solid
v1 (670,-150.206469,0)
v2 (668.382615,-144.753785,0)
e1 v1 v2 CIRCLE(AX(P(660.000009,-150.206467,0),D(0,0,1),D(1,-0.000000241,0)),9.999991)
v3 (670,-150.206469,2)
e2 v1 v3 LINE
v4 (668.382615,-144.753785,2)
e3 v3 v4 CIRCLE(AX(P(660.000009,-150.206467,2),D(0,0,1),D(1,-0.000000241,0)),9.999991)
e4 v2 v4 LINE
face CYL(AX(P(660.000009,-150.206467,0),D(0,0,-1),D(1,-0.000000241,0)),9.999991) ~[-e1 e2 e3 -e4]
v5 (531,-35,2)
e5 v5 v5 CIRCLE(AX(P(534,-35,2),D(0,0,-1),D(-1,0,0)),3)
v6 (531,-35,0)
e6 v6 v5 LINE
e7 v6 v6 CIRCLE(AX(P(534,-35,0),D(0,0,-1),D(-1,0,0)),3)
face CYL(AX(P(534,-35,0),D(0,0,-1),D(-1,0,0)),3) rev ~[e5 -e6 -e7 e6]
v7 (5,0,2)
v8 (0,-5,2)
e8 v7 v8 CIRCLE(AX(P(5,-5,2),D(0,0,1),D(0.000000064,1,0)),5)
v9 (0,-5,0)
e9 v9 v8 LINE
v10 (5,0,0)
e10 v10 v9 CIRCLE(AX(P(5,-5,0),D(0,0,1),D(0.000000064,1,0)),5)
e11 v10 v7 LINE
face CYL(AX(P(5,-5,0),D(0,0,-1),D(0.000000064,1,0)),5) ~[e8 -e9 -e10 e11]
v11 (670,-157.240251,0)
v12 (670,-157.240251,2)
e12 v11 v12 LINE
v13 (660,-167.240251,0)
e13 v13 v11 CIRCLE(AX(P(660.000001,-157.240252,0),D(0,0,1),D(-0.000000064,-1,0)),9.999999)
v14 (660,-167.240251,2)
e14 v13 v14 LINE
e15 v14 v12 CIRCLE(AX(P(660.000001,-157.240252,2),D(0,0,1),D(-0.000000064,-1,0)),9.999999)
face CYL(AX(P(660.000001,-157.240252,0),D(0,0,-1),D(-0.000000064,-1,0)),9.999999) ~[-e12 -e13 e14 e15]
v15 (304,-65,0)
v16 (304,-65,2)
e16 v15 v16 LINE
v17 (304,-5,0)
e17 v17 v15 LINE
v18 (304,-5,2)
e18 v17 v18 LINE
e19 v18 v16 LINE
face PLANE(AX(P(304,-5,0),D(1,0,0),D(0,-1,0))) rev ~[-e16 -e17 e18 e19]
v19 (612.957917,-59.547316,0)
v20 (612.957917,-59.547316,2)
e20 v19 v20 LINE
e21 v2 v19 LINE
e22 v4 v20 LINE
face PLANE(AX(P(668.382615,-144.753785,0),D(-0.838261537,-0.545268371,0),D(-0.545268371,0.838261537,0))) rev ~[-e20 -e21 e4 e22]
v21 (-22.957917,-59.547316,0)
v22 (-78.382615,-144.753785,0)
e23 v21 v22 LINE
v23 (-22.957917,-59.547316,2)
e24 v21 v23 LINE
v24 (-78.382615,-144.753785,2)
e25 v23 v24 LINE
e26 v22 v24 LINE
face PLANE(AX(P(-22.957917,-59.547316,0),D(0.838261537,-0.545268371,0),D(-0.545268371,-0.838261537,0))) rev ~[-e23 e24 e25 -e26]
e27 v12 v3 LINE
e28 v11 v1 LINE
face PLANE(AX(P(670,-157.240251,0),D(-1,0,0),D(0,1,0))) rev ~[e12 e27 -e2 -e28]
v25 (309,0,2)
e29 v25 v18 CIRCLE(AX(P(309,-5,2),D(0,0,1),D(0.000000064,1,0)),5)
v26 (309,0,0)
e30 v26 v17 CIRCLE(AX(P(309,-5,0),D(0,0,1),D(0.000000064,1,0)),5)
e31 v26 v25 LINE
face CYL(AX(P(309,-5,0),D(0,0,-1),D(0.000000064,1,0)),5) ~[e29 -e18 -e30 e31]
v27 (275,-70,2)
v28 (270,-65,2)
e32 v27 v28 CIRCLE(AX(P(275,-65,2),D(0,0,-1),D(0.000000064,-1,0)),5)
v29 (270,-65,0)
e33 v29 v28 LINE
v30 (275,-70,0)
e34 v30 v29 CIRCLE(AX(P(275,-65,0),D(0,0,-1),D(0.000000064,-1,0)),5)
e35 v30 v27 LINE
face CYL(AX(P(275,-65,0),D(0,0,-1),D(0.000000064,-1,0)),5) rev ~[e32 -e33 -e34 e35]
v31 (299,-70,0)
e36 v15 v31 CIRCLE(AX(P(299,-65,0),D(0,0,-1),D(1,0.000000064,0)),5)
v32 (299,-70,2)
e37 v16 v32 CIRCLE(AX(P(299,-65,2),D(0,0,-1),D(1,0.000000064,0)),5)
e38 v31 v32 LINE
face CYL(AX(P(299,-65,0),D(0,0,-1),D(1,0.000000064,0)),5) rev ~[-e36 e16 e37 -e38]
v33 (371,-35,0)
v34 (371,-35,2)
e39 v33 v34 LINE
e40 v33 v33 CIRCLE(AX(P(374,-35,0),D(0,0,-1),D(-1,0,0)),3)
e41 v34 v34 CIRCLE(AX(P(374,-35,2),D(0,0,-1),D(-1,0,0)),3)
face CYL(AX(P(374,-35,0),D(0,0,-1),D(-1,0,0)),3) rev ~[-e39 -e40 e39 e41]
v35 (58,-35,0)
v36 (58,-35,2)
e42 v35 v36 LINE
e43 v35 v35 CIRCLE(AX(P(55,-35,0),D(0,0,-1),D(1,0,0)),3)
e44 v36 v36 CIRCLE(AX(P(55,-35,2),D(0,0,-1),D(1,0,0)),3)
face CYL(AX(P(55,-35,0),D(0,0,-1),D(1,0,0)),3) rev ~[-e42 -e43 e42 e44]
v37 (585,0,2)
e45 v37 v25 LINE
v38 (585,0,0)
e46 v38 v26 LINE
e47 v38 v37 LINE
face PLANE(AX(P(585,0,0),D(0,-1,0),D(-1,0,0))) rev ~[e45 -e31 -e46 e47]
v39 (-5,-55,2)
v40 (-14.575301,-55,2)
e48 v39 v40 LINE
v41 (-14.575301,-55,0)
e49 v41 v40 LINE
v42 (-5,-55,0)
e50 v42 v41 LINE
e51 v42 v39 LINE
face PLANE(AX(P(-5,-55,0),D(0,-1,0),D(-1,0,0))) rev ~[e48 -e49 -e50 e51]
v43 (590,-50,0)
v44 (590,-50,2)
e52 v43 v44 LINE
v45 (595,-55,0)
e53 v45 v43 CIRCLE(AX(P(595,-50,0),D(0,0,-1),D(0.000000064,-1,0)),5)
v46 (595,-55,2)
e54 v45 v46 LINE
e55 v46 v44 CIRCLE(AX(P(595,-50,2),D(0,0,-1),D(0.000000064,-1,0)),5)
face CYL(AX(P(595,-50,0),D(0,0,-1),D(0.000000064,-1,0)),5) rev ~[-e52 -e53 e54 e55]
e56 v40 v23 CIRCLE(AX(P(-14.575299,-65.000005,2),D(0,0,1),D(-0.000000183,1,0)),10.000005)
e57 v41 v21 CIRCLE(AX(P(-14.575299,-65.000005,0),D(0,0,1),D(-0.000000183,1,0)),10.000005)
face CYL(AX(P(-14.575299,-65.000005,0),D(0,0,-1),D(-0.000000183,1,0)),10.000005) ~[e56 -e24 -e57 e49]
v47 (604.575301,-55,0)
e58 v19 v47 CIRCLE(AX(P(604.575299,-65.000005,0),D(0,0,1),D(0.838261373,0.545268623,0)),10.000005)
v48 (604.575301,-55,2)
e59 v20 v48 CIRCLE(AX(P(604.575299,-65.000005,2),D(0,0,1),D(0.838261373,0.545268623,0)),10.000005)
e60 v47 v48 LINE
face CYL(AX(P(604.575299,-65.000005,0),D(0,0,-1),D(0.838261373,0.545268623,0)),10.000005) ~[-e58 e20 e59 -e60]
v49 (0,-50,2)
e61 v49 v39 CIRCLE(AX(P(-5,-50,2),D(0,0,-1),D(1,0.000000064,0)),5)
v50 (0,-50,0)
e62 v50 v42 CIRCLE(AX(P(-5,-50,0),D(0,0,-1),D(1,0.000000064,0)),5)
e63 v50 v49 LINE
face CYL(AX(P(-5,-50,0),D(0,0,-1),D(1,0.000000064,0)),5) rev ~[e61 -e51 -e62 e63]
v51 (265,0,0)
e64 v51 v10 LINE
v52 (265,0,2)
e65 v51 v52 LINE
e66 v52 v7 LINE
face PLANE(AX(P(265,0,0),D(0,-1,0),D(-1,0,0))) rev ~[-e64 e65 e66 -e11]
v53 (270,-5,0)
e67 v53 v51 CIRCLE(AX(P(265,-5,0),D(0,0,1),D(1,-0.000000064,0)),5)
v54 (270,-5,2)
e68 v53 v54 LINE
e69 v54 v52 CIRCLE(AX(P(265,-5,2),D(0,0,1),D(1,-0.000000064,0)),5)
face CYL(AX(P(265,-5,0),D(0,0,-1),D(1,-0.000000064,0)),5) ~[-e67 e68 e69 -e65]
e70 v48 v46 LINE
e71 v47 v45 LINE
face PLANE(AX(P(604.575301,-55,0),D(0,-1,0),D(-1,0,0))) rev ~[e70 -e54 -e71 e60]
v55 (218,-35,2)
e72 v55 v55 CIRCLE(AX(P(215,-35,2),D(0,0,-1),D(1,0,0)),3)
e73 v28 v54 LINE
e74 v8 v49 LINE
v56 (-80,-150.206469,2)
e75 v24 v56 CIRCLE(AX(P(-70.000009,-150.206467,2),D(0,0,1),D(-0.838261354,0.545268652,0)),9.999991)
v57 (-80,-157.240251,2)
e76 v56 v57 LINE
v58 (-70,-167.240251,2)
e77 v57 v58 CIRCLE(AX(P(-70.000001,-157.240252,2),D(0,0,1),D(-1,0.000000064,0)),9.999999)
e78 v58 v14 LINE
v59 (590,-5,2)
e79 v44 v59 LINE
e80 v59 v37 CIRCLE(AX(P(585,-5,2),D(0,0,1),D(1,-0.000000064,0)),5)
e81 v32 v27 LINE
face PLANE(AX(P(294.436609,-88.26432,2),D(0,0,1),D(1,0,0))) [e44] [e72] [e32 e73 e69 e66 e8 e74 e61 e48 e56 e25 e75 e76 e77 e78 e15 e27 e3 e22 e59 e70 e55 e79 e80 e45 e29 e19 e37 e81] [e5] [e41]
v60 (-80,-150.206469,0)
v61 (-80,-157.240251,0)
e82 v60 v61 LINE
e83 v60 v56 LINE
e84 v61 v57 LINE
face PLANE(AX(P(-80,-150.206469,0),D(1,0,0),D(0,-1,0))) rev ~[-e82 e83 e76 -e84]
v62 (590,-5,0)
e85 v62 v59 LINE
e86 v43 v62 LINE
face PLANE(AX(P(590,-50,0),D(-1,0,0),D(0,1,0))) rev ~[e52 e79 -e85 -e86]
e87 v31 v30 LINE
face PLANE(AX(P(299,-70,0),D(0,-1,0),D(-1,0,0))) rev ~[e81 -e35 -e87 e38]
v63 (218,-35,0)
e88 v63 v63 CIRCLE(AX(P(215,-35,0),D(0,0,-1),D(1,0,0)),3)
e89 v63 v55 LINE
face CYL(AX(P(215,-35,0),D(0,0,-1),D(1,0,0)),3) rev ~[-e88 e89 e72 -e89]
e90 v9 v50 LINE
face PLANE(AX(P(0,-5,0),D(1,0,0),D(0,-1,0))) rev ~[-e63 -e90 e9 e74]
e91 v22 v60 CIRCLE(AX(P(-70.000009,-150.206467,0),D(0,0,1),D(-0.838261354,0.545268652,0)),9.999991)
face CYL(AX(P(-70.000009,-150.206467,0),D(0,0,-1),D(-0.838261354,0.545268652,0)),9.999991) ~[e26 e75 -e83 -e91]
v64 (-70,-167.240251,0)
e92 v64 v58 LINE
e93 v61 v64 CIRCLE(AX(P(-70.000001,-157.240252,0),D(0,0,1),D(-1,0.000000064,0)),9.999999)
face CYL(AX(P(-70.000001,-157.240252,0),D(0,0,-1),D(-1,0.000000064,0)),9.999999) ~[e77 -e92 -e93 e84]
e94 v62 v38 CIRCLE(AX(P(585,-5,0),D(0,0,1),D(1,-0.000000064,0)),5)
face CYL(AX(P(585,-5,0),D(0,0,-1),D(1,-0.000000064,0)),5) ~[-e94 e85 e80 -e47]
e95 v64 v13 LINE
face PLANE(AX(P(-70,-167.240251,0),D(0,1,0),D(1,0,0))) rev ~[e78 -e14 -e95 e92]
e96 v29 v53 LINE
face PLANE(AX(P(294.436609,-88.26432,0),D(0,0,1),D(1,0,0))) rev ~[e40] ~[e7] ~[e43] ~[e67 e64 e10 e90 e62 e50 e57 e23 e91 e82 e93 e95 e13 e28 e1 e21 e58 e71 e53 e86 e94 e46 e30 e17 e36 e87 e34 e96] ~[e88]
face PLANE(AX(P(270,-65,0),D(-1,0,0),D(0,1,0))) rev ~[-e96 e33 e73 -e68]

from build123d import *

# Parameters (mm, degrees)
F1_DEPTH = 2


with BuildPart() as f1:
    # F0 (on Top) → F1 (new body)
    with BuildSketch(Plane.XY):
        with BuildLine():
            Line((265, 0), (5, 0))
            ThreePointArc((5, 0), (1.464466, -1.464466), (0, -5))
            Line((0, -5), (0, -50))
            ThreePointArc((0, -50), (-1.464466, -53.535534), (-5, -55))
            Line((-5, -55), (-14.575301, -55))
            ThreePointArc((-14.575301, -55), (-19.34359, -56.210039), (-22.957917, -59.547316))
            Line((-22.957917, -59.547316), (-78.382615, -144.753785))
            ThreePointArc((-78.382615, -144.753785), (-79.587131, -147.362717), (-80, -150.206469))
            Line((-80, -150.206469), (-80, -157.240251))
            ThreePointArc((-80, -157.240251), (-77.071068, -164.311319), (-70, -167.240251))
            Line((-70, -167.240251), (660, -167.240251))
            ThreePointArc((660, -167.240251), (667.071068, -164.311319), (670, -157.240251))
            Line((670, -157.240251), (670, -150.206469))
            ThreePointArc((670, -150.206469), (669.587131, -147.362717), (668.382615, -144.753785))
            Line((668.382615, -144.753785), (612.957917, -59.547316))
            ThreePointArc((612.957917, -59.547316), (609.34359, -56.210039), (604.575301, -55))
            Line((604.575301, -55), (595, -55))
            ThreePointArc((595, -55), (591.464466, -53.535534), (590, -50))
            Line((590, -50), (590, -5))
            ThreePointArc((590, -5), (588.535534, -1.464466), (585, 0))
            Line((585, 0), (309, 0))
            ThreePointArc((309, 0), (305.464466, -1.464466), (304, -5))
            Line((304, -5), (304, -35))
            Line((304, -35), (304, -55))
            Line((304, -55), (304, -65))
            ThreePointArc((304, -65), (302.535534, -68.535534), (299, -70))
            Line((299, -70), (275, -70))
            ThreePointArc((275, -70), (271.464466, -68.535534), (270, -65))
            Line((270, -65), (270, -55))
            Line((270, -55), (270, -35))
            Line((270, -35), (270, -5))
            ThreePointArc((270, -5), (268.535534, -1.464466), (265, 0))
        make_face()
        with BuildLine():
            ThreePointArc((52, -35), (55, -32), (58, -35))
            ThreePointArc((58, -35), (55, -38), (52, -35))
        make_face(mode=Mode.SUBTRACT)
        with BuildLine():
            ThreePointArc((212, -35), (215, -32), (218, -35))
            ThreePointArc((218, -35), (215, -38), (212, -35))
        make_face(mode=Mode.SUBTRACT)
        with BuildLine():
            ThreePointArc((377, -35), (374, -38), (371, -35))
            ThreePointArc((371, -35), (374, -32), (377, -35))
        make_face(mode=Mode.SUBTRACT)
        with BuildLine():
            ThreePointArc((537, -35), (534, -38), (531, -35))
            ThreePointArc((531, -35), (534, -32), (537, -35))
        make_face(mode=Mode.SUBTRACT)
    extrude(amount=F1_DEPTH)


solid = f1.part
